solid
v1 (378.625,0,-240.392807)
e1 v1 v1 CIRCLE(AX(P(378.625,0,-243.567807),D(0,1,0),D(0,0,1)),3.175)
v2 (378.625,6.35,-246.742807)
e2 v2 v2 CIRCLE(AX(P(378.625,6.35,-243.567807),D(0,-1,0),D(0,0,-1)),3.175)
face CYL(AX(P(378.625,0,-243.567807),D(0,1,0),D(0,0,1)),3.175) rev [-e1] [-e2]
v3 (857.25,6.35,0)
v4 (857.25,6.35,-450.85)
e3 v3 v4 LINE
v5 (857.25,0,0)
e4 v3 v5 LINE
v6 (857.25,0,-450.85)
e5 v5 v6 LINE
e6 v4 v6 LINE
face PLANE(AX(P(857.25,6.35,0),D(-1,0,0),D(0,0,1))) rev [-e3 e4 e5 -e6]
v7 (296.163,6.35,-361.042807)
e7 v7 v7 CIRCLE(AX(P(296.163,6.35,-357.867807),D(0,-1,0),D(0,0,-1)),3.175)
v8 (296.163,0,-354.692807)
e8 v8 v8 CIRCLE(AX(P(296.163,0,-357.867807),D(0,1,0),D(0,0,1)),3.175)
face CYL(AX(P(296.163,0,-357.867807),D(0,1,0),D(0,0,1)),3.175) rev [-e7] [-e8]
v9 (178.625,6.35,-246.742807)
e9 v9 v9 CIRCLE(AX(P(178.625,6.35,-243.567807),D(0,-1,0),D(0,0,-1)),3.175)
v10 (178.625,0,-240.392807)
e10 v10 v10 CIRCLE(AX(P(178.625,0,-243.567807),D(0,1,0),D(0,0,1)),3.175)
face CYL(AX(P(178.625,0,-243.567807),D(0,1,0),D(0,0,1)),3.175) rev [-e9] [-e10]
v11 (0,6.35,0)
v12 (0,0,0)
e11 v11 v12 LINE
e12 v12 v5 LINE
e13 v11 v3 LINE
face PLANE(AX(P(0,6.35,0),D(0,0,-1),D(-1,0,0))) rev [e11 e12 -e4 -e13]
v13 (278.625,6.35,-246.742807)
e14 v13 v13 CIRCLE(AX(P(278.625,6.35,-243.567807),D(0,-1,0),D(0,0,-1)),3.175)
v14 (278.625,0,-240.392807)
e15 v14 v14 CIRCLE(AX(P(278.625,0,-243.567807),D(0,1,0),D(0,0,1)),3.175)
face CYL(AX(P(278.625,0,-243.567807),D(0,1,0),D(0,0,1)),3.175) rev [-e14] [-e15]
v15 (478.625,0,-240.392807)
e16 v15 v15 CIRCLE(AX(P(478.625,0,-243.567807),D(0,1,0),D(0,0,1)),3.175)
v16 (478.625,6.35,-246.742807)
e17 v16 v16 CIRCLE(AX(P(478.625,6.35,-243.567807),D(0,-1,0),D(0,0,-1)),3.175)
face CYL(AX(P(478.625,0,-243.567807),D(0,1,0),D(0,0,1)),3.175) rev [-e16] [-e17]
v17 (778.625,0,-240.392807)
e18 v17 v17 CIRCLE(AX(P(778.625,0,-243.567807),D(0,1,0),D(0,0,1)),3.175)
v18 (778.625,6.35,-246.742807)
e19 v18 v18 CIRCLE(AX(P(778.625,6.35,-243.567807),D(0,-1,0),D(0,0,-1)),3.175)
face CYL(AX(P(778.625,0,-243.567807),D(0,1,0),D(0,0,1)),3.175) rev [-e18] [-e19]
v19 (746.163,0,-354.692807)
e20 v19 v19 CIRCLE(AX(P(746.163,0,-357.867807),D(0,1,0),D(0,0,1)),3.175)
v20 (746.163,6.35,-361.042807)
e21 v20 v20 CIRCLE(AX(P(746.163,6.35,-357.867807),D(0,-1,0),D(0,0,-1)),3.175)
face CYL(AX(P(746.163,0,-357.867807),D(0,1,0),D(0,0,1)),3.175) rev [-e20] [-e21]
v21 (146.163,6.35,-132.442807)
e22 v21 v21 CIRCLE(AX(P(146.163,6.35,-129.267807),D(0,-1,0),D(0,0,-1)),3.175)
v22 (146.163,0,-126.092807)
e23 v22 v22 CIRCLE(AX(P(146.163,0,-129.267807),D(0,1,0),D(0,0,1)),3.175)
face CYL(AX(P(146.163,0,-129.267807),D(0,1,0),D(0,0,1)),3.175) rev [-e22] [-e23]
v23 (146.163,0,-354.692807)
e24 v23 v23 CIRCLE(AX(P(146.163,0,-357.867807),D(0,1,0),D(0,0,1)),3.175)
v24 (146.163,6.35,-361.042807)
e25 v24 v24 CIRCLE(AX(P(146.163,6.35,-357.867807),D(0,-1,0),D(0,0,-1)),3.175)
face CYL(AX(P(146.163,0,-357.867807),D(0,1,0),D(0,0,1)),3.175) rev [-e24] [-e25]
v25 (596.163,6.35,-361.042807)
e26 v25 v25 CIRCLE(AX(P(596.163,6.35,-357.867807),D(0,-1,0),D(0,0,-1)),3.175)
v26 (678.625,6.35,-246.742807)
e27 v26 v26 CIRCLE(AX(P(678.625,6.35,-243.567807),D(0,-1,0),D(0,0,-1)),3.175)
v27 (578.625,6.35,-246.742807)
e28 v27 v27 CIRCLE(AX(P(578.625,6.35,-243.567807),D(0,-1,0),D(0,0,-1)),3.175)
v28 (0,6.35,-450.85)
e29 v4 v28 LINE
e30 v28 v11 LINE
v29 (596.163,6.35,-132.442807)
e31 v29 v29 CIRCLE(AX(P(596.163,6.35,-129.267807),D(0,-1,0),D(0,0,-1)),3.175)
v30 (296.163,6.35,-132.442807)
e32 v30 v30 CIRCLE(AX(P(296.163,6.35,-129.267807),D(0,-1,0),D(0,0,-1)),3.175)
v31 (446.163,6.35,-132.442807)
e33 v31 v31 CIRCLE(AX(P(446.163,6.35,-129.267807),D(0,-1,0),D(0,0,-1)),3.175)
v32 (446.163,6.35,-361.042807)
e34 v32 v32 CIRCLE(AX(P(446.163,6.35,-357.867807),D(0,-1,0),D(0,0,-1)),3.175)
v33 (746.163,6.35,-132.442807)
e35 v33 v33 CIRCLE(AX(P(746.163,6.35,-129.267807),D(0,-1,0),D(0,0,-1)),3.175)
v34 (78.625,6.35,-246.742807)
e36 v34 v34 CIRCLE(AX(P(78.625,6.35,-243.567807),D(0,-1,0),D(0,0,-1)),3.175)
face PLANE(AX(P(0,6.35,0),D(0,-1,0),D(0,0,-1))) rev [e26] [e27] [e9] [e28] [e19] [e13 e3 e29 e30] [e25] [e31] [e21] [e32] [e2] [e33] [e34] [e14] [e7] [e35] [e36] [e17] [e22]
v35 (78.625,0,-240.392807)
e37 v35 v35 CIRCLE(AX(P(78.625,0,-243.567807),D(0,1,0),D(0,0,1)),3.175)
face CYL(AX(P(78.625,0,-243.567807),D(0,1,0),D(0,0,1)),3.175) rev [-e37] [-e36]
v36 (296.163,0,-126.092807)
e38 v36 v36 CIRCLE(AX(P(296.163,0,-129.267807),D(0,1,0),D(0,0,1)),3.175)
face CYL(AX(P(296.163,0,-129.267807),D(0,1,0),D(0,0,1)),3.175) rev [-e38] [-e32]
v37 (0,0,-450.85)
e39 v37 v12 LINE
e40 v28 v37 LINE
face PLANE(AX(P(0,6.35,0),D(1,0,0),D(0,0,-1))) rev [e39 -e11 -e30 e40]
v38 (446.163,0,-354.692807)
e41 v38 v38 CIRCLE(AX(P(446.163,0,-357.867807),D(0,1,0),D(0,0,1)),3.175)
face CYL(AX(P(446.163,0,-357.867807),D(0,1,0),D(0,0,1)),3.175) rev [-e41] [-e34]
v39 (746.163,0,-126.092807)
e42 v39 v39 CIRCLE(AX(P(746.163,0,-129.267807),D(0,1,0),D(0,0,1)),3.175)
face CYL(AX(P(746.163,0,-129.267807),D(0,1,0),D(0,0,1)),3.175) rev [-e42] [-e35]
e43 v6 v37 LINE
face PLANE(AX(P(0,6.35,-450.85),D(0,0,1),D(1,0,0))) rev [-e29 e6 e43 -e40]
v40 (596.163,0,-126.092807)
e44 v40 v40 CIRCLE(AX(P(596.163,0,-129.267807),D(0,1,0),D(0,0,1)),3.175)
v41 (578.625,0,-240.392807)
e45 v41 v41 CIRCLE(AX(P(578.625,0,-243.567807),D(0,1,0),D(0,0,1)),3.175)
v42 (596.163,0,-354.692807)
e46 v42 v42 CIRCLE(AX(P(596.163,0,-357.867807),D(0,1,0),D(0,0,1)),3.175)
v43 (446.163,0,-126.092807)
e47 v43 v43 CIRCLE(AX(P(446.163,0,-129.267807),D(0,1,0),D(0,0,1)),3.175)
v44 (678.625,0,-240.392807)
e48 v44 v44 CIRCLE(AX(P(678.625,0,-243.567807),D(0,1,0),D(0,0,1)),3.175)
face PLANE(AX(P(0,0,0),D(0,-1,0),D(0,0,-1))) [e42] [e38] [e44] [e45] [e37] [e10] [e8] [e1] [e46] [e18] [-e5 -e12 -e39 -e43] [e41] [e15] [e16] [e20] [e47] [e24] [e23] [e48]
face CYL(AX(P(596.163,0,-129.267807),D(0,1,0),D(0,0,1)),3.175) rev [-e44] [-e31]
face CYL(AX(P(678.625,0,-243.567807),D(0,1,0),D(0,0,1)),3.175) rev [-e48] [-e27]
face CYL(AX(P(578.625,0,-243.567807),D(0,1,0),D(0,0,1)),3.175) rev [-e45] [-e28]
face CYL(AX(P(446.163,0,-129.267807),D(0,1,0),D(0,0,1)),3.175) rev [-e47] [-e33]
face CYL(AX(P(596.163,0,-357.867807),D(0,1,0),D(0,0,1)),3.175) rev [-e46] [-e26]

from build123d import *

# Parameters (mm, degrees)
SKETCH1_W               = 857.25
SKETCH1_H               = 450.85
BOSS_EXTRUDE1_DEPTH     = 6.35
CUT_EXTRUDE1_DEPTH      = 969.598785618
CUT_EXTRUDE1_DEPTH_BACK = 969.598785618
SKETCH2_R               = 3.175


with BuildPart() as part:
    # Sketch1 → Boss-Extrude1 (new body)
    with BuildSketch(Plane(origin=(0, 0, 0), x_dir=(1, 0, 0), z_dir=(0, 1, 0))):
        with Locations((428.625, 225.425)):
            Rectangle(SKETCH1_W, SKETCH1_H)
    extrude(amount=BOSS_EXTRUDE1_DEPTH)

    # Sketch2 → Cut-Extrude1 (cut, two sides: drawn at the far end of the back side and taken through both)
    with BuildSketch(Plane(origin=(0, 6.35, 0), x_dir=(1, 0, 0), z_dir=(0, 1, 0)).offset(-CUT_EXTRUDE1_DEPTH_BACK)):
        with Locations(Location((78.625, 243.56780677, 0), (0, 0, 270))):
            Circle(SKETCH2_R)
        with Locations(Location((178.625, 243.56780677, 0), (0, 0, 270))):
            Circle(SKETCH2_R)
        with Locations(Location((278.625, 243.56780677, 0), (0, 0, 270))):
            Circle(SKETCH2_R)
        with Locations(Location((378.625, 243.56780677, 0), (0, 0, 270))):
            Circle(SKETCH2_R)
        with Locations(Location((478.625, 243.56780677, 0), (0, 0, 270))):
            Circle(SKETCH2_R)
        with Locations(Location((578.625, 243.56780677, 0), (0, 0, 270))):
            Circle(SKETCH2_R)
        with Locations(Location((678.625, 243.56780677, 0), (0, 0, 270))):
            Circle(SKETCH2_R)
        with Locations(Location((778.625, 243.56780677, 0), (0, 0, 270))):
            Circle(SKETCH2_R)
        with Locations(Location((146.163, 357.86780677, 0), (0, 0, 270))):
            Circle(SKETCH2_R)
        with Locations(Location((296.163, 357.86780677, 0), (0, 0, 270))):
            Circle(SKETCH2_R)
        with Locations(Location((446.163, 357.86780677, 0), (0, 0, 270))):
            Circle(SKETCH2_R)
        with Locations(Location((596.163, 357.86780677, 0), (0, 0, 270))):
            Circle(SKETCH2_R)
        with Locations(Location((746.163, 357.86780677, 0), (0, 0, 270))):
            Circle(SKETCH2_R)
        with Locations(Location((146.163, 129.26780677, 0), (0, 0, 270))):
            Circle(SKETCH2_R)
        with Locations(Location((296.163, 129.26780677, 0), (0, 0, 270))):
            Circle(SKETCH2_R)
        with Locations(Location((446.163, 129.26780677, 0), (0, 0, 270))):
            Circle(SKETCH2_R)
        with Locations(Location((596.163, 129.26780677, 0), (0, 0, 270))):
            Circle(SKETCH2_R)
        with Locations(Location((746.163, 129.26780677, 0), (0, 0, 270))):
            Circle(SKETCH2_R)
    extrude(amount=CUT_EXTRUDE1_DEPTH + CUT_EXTRUDE1_DEPTH_BACK, mode=Mode.SUBTRACT)


solid = part.part
